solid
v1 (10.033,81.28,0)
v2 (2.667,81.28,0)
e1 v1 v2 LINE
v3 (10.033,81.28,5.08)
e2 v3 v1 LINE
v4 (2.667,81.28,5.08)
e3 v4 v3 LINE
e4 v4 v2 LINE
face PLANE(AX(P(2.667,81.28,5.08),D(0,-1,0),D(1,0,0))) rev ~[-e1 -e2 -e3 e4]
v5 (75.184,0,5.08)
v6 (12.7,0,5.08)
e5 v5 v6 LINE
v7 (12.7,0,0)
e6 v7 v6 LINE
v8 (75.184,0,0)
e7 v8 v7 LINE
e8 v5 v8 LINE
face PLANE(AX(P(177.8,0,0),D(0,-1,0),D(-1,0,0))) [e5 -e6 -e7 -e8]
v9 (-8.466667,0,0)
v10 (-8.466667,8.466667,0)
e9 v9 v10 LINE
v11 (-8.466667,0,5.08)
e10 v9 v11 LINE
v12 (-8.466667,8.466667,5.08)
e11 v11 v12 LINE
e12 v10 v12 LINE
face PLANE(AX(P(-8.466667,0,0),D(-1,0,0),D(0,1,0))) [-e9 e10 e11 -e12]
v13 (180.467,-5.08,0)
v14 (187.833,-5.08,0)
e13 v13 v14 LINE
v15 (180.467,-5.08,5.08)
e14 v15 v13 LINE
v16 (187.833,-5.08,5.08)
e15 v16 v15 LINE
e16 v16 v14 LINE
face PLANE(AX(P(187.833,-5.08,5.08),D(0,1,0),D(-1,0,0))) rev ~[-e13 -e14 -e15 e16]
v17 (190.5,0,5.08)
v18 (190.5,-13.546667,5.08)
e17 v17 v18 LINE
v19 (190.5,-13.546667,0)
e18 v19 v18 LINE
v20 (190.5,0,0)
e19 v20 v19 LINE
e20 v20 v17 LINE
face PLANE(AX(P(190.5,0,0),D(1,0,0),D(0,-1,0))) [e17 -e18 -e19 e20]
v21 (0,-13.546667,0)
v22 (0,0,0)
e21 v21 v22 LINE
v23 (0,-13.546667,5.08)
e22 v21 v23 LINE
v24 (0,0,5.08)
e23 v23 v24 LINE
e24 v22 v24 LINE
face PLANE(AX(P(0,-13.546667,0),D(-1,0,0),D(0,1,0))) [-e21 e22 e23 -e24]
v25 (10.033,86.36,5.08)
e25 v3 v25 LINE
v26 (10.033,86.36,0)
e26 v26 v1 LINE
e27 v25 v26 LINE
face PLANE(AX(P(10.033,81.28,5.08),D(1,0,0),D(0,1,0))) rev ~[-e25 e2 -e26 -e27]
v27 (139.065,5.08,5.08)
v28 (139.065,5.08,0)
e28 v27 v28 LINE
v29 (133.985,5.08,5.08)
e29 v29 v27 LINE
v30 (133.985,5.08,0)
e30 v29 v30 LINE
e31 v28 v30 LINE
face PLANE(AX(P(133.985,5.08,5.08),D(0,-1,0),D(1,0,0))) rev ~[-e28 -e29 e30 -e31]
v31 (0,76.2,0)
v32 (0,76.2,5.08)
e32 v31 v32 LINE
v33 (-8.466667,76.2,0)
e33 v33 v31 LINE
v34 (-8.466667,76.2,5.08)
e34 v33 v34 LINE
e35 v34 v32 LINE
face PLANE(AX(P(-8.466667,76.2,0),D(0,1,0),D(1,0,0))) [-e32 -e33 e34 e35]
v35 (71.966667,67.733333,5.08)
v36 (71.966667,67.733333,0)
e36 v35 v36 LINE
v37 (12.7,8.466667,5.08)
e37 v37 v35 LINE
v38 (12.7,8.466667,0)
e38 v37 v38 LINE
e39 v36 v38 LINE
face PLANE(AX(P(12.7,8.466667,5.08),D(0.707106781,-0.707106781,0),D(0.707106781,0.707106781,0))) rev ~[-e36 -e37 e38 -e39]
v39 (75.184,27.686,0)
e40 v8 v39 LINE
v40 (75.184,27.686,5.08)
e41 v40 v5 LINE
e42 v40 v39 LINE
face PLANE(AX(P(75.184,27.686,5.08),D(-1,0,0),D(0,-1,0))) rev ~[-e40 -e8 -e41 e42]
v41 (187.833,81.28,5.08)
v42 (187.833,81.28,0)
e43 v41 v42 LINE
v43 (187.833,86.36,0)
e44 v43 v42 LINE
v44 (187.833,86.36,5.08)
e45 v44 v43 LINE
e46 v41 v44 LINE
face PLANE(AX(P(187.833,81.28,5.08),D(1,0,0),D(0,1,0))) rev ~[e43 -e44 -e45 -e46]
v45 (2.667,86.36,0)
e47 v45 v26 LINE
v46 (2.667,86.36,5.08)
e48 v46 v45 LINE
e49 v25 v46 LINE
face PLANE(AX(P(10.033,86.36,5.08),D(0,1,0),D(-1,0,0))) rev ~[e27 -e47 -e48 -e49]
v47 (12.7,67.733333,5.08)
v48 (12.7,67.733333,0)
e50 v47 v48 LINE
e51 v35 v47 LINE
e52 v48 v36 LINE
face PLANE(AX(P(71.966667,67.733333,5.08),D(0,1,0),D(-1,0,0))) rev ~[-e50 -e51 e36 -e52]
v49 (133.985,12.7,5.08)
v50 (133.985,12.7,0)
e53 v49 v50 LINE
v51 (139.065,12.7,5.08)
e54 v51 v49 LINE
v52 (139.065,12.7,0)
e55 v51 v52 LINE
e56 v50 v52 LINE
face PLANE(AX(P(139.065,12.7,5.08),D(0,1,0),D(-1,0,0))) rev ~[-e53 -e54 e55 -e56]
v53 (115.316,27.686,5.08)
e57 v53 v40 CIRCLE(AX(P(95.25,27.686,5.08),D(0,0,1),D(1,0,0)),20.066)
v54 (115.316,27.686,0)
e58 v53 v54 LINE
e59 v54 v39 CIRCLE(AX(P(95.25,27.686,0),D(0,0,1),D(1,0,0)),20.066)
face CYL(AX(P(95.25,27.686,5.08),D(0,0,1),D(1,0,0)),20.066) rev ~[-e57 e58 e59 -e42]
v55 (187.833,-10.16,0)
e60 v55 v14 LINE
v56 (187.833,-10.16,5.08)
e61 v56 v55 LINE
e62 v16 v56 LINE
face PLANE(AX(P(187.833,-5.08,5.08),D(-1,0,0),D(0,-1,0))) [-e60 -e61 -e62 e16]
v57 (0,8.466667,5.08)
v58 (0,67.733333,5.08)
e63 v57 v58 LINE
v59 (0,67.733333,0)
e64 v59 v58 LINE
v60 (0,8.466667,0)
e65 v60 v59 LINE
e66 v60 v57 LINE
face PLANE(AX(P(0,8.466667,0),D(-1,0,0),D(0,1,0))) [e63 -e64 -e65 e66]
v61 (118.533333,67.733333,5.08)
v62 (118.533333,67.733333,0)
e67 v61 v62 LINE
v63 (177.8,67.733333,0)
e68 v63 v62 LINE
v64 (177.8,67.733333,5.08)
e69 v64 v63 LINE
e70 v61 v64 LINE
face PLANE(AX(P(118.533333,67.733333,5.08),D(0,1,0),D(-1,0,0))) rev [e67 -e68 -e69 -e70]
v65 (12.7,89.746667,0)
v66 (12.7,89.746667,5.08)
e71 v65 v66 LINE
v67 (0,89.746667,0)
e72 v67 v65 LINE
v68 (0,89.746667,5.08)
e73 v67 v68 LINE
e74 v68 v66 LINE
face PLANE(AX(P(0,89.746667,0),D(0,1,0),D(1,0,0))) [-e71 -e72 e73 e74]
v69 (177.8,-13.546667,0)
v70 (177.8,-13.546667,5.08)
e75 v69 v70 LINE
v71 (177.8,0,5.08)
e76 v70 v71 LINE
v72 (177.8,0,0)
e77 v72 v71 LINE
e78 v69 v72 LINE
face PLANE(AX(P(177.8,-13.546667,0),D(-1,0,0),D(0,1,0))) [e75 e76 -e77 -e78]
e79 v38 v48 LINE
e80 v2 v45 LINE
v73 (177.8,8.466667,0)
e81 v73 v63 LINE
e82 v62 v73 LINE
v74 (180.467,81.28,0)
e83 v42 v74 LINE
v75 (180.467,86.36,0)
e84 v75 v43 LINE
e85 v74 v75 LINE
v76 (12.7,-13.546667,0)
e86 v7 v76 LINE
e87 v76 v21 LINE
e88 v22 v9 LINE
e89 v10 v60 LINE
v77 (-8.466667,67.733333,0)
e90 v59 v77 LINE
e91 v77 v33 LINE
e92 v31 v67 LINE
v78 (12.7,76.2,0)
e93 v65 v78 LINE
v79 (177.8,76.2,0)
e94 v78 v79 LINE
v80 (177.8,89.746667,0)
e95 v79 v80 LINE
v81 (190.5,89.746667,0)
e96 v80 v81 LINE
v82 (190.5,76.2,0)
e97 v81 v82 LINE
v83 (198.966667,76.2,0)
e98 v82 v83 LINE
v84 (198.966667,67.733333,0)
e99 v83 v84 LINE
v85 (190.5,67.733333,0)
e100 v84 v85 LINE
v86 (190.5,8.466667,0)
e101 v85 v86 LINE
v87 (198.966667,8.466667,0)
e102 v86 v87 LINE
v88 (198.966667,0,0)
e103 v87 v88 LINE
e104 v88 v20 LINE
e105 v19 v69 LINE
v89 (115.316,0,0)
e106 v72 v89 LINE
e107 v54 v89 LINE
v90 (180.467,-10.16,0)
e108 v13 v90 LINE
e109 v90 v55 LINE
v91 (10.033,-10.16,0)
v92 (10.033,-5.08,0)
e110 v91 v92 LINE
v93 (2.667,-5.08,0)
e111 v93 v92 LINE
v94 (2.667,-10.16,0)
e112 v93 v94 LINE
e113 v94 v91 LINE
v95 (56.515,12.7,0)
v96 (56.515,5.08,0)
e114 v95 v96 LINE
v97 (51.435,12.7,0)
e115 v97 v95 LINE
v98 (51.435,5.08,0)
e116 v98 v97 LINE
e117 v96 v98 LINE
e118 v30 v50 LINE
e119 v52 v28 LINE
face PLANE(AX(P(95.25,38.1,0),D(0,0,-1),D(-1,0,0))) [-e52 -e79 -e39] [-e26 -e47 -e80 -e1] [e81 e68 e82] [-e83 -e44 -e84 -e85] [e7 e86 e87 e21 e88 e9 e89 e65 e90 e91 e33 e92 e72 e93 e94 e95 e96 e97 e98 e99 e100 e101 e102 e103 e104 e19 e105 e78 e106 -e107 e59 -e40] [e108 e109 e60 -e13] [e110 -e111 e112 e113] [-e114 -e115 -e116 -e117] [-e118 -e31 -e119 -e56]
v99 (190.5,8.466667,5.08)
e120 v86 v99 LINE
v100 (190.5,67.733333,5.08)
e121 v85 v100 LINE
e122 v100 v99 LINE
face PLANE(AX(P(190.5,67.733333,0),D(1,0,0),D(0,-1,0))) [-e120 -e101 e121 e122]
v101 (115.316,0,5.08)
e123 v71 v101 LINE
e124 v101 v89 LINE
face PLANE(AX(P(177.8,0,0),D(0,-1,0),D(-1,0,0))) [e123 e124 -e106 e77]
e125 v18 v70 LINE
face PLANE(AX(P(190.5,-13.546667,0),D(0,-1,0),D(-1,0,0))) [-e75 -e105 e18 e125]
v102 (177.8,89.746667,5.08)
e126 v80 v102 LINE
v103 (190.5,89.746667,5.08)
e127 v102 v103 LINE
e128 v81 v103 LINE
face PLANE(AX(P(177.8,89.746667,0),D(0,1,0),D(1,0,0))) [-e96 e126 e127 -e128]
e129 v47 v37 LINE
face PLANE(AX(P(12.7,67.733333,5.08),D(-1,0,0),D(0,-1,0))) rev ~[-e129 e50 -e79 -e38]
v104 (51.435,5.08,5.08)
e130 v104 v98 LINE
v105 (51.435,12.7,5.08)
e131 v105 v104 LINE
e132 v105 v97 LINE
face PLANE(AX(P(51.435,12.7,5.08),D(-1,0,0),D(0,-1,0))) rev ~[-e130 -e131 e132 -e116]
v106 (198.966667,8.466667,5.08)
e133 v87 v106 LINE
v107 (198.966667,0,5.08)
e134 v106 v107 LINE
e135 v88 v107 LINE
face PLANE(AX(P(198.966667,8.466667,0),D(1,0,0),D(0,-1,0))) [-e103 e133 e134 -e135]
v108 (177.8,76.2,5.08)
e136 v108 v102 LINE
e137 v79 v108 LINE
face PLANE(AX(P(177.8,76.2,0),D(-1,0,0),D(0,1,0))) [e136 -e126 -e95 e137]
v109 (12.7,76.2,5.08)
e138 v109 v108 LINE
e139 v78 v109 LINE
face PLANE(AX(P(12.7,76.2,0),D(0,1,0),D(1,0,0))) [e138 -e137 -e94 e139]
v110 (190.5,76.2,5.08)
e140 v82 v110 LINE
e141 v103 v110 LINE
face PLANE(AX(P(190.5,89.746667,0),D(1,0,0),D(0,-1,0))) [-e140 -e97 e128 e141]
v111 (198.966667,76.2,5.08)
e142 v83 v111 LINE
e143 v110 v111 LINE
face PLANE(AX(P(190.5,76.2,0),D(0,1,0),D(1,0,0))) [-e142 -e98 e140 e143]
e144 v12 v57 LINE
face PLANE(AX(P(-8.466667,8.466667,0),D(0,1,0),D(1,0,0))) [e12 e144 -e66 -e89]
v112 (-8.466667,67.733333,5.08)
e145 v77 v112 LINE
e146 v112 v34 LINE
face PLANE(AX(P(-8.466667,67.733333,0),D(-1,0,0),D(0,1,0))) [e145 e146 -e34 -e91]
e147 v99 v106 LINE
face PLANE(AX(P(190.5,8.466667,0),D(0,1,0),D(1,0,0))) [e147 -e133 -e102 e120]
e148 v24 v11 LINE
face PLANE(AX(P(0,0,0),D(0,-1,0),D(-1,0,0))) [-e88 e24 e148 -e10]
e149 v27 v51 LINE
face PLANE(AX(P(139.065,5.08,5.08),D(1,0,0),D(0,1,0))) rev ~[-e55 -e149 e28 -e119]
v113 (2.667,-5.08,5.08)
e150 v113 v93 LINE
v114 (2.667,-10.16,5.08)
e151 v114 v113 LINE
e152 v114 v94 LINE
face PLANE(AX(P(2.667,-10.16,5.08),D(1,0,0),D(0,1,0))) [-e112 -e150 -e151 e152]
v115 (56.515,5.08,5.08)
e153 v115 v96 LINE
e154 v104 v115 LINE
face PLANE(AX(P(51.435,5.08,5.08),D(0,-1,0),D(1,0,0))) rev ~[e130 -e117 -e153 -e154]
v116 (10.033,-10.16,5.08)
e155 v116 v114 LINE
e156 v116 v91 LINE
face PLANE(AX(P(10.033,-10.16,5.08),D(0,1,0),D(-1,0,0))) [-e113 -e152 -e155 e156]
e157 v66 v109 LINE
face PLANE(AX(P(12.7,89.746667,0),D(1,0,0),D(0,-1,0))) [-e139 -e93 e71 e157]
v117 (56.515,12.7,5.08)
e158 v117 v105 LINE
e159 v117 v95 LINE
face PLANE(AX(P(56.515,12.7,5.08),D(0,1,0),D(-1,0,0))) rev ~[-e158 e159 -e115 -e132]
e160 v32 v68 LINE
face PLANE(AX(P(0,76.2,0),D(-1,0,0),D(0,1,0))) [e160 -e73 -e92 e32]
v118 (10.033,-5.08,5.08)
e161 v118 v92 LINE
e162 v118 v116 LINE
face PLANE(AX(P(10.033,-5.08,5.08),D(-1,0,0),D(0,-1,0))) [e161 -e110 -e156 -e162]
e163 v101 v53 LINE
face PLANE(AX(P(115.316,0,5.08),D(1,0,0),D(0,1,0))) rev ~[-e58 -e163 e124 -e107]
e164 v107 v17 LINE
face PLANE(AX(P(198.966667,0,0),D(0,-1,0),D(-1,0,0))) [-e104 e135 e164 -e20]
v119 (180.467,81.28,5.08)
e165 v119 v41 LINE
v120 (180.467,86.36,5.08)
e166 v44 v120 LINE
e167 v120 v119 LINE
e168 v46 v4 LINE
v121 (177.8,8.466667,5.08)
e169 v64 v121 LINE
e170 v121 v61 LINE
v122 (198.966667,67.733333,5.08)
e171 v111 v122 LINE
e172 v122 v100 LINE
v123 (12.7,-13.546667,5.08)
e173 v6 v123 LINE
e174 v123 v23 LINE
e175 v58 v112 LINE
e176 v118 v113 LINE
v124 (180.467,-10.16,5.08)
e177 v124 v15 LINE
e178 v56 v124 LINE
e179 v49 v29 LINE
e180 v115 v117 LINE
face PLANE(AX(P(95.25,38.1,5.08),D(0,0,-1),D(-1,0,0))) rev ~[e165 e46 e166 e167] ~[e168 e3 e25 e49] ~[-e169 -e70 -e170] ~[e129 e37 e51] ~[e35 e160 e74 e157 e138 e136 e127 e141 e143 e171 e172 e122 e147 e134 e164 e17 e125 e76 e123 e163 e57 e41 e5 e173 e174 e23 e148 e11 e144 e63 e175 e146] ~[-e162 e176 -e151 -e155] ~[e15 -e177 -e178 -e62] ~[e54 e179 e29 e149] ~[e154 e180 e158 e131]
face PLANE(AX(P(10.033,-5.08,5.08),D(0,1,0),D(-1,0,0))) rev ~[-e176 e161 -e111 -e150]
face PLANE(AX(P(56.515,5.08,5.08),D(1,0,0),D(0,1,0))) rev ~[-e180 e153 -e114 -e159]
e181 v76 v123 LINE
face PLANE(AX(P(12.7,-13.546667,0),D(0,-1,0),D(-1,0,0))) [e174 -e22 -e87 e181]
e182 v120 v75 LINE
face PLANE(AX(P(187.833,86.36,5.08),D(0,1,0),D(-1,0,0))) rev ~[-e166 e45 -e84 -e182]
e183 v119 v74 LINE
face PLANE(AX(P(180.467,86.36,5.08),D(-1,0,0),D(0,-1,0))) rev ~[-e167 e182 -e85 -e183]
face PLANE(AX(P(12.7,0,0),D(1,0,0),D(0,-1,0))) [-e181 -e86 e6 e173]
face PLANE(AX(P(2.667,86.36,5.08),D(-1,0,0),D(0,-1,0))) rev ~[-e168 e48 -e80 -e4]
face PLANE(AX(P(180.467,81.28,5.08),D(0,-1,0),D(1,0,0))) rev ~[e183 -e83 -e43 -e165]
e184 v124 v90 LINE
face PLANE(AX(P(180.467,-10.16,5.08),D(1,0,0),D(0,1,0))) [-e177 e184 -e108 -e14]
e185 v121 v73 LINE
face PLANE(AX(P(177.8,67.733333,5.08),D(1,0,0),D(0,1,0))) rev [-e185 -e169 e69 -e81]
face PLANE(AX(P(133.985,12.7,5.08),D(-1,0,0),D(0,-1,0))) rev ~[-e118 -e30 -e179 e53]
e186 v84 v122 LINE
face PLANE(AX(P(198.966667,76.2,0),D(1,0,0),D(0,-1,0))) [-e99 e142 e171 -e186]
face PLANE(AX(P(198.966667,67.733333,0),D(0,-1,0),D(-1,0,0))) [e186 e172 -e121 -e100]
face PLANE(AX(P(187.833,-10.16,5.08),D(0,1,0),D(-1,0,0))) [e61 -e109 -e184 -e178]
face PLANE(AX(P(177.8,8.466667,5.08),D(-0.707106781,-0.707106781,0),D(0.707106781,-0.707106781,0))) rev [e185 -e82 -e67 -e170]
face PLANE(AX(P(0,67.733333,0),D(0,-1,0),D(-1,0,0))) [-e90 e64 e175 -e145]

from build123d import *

# Parameters (mm, degrees)
BOSS_EXTRUDE1_DEPTH = 5.08
CUT_EXTRUDE2_DEPTH  = 219.330036922
CUT_EXTRUDE4_DEPTH  = 219.330036922
CUT_EXTRUDE5_DEPTH  = 219.330036922
CUT_EXTRUDE6_DEPTH  = 219.330036922


with BuildPart() as part:
    # Sketch1 → Boss-Extrude1 (new body)
    with BuildSketch(Plane.XY):
        Polygon((198.966666667, 76.2), (198.966666667, 67.733333333), (190.5, 67.733333333), (190.5, 8.466666667), (198.966666667, 8.466666667), (198.966666667, 0), (190.5, 0), (190.5, -13.546666667), (177.8, -13.546666667), (177.8, 0), (12.7, 0), (12.7, -13.546666667), (0, -13.546666667), (0, 0), (-8.466666667, 0), (-8.466666667, 8.466666667), (0, 8.466666667), (0, 67.733333333), (-8.466666667, 67.733333333), (-8.466666667, 76.2), (0, 76.2), (0, 89.746666667), (12.7, 89.746666667), (12.7, 76.2), (177.8, 76.2), (177.8, 89.746666667), (190.5, 89.746666667), (190.5, 76.2), align=None)
    extrude(amount=BOSS_EXTRUDE1_DEPTH)

    # Sketch2 → Cut-Extrude2 (cut, through all)
    with BuildSketch(Plane.XY.offset(5.08)):
        with BuildLine():
            Line((95.25, 0), (115.316, 0))
            Line((115.316, 0), (115.316, 27.686))
            ThreePointArc((115.316, 27.686), (95.25, 47.752), (75.184, 27.686))
            Line((75.184, 27.686), (75.184, 0))
            Line((75.184, 0), (95.25, 0))
        make_face()
    extrude(amount=-CUT_EXTRUDE2_DEPTH, mode=Mode.SUBTRACT)

    # Sketch3 → Cut-Extrude4 (cut, through all)
    with BuildSketch(Plane.XY.offset(5.08)):
        Polygon((6.35, 81.28), (10.033, 81.28), (10.033, 86.36), (2.667, 86.36), (2.667, 81.28), align=None)
        Polygon((184.15, 81.28), (187.833, 81.28), (187.833, 86.36), (180.467, 86.36), (180.467, 81.28), align=None)
        Polygon((184.15, -5.08), (187.833, -5.08), (187.833, -10.16), (180.467, -10.16), (180.467, -5.08), align=None)
        Polygon((6.35, -5.08), (10.033, -5.08), (10.033, -10.16), (2.667, -10.16), (2.667, -5.08), align=None)
    extrude(amount=-CUT_EXTRUDE4_DEPTH, mode=Mode.SUBTRACT)

    # Sketch4 → Cut-Extrude5 (cut, through all)
    with BuildSketch(Plane.XY.offset(5.08)):
        Polygon((136.525, 5.08), (139.065, 5.08), (139.065, 12.7), (133.985, 12.7), (133.985, 5.08), align=None)
        Polygon((53.975, 5.08), (56.515, 5.08), (56.515, 12.7), (51.435, 12.7), (51.435, 5.08), align=None)
    extrude(amount=-CUT_EXTRUDE5_DEPTH, mode=Mode.SUBTRACT)

    # Sketch5 → Cut-Extrude6 (cut, through all)
    with BuildSketch(Plane.XY.offset(5.08)):
        Polygon((12.7, 67.733333333), (12.7, 8.466666667), (71.966666667, 67.733333333), align=None)
    cut_extrude6 = extrude(amount=-CUT_EXTRUDE6_DEPTH, mode=Mode.SUBTRACT)

    # Mirror1: Cut-Extrude6 across plane
    add(cut_extrude6.mirror(Plane(origin=(95.25, 0, 0), x_dir=(0, 0, 1), z_dir=(1, 0, 0))), mode=Mode.SUBTRACT)


solid = part.part
